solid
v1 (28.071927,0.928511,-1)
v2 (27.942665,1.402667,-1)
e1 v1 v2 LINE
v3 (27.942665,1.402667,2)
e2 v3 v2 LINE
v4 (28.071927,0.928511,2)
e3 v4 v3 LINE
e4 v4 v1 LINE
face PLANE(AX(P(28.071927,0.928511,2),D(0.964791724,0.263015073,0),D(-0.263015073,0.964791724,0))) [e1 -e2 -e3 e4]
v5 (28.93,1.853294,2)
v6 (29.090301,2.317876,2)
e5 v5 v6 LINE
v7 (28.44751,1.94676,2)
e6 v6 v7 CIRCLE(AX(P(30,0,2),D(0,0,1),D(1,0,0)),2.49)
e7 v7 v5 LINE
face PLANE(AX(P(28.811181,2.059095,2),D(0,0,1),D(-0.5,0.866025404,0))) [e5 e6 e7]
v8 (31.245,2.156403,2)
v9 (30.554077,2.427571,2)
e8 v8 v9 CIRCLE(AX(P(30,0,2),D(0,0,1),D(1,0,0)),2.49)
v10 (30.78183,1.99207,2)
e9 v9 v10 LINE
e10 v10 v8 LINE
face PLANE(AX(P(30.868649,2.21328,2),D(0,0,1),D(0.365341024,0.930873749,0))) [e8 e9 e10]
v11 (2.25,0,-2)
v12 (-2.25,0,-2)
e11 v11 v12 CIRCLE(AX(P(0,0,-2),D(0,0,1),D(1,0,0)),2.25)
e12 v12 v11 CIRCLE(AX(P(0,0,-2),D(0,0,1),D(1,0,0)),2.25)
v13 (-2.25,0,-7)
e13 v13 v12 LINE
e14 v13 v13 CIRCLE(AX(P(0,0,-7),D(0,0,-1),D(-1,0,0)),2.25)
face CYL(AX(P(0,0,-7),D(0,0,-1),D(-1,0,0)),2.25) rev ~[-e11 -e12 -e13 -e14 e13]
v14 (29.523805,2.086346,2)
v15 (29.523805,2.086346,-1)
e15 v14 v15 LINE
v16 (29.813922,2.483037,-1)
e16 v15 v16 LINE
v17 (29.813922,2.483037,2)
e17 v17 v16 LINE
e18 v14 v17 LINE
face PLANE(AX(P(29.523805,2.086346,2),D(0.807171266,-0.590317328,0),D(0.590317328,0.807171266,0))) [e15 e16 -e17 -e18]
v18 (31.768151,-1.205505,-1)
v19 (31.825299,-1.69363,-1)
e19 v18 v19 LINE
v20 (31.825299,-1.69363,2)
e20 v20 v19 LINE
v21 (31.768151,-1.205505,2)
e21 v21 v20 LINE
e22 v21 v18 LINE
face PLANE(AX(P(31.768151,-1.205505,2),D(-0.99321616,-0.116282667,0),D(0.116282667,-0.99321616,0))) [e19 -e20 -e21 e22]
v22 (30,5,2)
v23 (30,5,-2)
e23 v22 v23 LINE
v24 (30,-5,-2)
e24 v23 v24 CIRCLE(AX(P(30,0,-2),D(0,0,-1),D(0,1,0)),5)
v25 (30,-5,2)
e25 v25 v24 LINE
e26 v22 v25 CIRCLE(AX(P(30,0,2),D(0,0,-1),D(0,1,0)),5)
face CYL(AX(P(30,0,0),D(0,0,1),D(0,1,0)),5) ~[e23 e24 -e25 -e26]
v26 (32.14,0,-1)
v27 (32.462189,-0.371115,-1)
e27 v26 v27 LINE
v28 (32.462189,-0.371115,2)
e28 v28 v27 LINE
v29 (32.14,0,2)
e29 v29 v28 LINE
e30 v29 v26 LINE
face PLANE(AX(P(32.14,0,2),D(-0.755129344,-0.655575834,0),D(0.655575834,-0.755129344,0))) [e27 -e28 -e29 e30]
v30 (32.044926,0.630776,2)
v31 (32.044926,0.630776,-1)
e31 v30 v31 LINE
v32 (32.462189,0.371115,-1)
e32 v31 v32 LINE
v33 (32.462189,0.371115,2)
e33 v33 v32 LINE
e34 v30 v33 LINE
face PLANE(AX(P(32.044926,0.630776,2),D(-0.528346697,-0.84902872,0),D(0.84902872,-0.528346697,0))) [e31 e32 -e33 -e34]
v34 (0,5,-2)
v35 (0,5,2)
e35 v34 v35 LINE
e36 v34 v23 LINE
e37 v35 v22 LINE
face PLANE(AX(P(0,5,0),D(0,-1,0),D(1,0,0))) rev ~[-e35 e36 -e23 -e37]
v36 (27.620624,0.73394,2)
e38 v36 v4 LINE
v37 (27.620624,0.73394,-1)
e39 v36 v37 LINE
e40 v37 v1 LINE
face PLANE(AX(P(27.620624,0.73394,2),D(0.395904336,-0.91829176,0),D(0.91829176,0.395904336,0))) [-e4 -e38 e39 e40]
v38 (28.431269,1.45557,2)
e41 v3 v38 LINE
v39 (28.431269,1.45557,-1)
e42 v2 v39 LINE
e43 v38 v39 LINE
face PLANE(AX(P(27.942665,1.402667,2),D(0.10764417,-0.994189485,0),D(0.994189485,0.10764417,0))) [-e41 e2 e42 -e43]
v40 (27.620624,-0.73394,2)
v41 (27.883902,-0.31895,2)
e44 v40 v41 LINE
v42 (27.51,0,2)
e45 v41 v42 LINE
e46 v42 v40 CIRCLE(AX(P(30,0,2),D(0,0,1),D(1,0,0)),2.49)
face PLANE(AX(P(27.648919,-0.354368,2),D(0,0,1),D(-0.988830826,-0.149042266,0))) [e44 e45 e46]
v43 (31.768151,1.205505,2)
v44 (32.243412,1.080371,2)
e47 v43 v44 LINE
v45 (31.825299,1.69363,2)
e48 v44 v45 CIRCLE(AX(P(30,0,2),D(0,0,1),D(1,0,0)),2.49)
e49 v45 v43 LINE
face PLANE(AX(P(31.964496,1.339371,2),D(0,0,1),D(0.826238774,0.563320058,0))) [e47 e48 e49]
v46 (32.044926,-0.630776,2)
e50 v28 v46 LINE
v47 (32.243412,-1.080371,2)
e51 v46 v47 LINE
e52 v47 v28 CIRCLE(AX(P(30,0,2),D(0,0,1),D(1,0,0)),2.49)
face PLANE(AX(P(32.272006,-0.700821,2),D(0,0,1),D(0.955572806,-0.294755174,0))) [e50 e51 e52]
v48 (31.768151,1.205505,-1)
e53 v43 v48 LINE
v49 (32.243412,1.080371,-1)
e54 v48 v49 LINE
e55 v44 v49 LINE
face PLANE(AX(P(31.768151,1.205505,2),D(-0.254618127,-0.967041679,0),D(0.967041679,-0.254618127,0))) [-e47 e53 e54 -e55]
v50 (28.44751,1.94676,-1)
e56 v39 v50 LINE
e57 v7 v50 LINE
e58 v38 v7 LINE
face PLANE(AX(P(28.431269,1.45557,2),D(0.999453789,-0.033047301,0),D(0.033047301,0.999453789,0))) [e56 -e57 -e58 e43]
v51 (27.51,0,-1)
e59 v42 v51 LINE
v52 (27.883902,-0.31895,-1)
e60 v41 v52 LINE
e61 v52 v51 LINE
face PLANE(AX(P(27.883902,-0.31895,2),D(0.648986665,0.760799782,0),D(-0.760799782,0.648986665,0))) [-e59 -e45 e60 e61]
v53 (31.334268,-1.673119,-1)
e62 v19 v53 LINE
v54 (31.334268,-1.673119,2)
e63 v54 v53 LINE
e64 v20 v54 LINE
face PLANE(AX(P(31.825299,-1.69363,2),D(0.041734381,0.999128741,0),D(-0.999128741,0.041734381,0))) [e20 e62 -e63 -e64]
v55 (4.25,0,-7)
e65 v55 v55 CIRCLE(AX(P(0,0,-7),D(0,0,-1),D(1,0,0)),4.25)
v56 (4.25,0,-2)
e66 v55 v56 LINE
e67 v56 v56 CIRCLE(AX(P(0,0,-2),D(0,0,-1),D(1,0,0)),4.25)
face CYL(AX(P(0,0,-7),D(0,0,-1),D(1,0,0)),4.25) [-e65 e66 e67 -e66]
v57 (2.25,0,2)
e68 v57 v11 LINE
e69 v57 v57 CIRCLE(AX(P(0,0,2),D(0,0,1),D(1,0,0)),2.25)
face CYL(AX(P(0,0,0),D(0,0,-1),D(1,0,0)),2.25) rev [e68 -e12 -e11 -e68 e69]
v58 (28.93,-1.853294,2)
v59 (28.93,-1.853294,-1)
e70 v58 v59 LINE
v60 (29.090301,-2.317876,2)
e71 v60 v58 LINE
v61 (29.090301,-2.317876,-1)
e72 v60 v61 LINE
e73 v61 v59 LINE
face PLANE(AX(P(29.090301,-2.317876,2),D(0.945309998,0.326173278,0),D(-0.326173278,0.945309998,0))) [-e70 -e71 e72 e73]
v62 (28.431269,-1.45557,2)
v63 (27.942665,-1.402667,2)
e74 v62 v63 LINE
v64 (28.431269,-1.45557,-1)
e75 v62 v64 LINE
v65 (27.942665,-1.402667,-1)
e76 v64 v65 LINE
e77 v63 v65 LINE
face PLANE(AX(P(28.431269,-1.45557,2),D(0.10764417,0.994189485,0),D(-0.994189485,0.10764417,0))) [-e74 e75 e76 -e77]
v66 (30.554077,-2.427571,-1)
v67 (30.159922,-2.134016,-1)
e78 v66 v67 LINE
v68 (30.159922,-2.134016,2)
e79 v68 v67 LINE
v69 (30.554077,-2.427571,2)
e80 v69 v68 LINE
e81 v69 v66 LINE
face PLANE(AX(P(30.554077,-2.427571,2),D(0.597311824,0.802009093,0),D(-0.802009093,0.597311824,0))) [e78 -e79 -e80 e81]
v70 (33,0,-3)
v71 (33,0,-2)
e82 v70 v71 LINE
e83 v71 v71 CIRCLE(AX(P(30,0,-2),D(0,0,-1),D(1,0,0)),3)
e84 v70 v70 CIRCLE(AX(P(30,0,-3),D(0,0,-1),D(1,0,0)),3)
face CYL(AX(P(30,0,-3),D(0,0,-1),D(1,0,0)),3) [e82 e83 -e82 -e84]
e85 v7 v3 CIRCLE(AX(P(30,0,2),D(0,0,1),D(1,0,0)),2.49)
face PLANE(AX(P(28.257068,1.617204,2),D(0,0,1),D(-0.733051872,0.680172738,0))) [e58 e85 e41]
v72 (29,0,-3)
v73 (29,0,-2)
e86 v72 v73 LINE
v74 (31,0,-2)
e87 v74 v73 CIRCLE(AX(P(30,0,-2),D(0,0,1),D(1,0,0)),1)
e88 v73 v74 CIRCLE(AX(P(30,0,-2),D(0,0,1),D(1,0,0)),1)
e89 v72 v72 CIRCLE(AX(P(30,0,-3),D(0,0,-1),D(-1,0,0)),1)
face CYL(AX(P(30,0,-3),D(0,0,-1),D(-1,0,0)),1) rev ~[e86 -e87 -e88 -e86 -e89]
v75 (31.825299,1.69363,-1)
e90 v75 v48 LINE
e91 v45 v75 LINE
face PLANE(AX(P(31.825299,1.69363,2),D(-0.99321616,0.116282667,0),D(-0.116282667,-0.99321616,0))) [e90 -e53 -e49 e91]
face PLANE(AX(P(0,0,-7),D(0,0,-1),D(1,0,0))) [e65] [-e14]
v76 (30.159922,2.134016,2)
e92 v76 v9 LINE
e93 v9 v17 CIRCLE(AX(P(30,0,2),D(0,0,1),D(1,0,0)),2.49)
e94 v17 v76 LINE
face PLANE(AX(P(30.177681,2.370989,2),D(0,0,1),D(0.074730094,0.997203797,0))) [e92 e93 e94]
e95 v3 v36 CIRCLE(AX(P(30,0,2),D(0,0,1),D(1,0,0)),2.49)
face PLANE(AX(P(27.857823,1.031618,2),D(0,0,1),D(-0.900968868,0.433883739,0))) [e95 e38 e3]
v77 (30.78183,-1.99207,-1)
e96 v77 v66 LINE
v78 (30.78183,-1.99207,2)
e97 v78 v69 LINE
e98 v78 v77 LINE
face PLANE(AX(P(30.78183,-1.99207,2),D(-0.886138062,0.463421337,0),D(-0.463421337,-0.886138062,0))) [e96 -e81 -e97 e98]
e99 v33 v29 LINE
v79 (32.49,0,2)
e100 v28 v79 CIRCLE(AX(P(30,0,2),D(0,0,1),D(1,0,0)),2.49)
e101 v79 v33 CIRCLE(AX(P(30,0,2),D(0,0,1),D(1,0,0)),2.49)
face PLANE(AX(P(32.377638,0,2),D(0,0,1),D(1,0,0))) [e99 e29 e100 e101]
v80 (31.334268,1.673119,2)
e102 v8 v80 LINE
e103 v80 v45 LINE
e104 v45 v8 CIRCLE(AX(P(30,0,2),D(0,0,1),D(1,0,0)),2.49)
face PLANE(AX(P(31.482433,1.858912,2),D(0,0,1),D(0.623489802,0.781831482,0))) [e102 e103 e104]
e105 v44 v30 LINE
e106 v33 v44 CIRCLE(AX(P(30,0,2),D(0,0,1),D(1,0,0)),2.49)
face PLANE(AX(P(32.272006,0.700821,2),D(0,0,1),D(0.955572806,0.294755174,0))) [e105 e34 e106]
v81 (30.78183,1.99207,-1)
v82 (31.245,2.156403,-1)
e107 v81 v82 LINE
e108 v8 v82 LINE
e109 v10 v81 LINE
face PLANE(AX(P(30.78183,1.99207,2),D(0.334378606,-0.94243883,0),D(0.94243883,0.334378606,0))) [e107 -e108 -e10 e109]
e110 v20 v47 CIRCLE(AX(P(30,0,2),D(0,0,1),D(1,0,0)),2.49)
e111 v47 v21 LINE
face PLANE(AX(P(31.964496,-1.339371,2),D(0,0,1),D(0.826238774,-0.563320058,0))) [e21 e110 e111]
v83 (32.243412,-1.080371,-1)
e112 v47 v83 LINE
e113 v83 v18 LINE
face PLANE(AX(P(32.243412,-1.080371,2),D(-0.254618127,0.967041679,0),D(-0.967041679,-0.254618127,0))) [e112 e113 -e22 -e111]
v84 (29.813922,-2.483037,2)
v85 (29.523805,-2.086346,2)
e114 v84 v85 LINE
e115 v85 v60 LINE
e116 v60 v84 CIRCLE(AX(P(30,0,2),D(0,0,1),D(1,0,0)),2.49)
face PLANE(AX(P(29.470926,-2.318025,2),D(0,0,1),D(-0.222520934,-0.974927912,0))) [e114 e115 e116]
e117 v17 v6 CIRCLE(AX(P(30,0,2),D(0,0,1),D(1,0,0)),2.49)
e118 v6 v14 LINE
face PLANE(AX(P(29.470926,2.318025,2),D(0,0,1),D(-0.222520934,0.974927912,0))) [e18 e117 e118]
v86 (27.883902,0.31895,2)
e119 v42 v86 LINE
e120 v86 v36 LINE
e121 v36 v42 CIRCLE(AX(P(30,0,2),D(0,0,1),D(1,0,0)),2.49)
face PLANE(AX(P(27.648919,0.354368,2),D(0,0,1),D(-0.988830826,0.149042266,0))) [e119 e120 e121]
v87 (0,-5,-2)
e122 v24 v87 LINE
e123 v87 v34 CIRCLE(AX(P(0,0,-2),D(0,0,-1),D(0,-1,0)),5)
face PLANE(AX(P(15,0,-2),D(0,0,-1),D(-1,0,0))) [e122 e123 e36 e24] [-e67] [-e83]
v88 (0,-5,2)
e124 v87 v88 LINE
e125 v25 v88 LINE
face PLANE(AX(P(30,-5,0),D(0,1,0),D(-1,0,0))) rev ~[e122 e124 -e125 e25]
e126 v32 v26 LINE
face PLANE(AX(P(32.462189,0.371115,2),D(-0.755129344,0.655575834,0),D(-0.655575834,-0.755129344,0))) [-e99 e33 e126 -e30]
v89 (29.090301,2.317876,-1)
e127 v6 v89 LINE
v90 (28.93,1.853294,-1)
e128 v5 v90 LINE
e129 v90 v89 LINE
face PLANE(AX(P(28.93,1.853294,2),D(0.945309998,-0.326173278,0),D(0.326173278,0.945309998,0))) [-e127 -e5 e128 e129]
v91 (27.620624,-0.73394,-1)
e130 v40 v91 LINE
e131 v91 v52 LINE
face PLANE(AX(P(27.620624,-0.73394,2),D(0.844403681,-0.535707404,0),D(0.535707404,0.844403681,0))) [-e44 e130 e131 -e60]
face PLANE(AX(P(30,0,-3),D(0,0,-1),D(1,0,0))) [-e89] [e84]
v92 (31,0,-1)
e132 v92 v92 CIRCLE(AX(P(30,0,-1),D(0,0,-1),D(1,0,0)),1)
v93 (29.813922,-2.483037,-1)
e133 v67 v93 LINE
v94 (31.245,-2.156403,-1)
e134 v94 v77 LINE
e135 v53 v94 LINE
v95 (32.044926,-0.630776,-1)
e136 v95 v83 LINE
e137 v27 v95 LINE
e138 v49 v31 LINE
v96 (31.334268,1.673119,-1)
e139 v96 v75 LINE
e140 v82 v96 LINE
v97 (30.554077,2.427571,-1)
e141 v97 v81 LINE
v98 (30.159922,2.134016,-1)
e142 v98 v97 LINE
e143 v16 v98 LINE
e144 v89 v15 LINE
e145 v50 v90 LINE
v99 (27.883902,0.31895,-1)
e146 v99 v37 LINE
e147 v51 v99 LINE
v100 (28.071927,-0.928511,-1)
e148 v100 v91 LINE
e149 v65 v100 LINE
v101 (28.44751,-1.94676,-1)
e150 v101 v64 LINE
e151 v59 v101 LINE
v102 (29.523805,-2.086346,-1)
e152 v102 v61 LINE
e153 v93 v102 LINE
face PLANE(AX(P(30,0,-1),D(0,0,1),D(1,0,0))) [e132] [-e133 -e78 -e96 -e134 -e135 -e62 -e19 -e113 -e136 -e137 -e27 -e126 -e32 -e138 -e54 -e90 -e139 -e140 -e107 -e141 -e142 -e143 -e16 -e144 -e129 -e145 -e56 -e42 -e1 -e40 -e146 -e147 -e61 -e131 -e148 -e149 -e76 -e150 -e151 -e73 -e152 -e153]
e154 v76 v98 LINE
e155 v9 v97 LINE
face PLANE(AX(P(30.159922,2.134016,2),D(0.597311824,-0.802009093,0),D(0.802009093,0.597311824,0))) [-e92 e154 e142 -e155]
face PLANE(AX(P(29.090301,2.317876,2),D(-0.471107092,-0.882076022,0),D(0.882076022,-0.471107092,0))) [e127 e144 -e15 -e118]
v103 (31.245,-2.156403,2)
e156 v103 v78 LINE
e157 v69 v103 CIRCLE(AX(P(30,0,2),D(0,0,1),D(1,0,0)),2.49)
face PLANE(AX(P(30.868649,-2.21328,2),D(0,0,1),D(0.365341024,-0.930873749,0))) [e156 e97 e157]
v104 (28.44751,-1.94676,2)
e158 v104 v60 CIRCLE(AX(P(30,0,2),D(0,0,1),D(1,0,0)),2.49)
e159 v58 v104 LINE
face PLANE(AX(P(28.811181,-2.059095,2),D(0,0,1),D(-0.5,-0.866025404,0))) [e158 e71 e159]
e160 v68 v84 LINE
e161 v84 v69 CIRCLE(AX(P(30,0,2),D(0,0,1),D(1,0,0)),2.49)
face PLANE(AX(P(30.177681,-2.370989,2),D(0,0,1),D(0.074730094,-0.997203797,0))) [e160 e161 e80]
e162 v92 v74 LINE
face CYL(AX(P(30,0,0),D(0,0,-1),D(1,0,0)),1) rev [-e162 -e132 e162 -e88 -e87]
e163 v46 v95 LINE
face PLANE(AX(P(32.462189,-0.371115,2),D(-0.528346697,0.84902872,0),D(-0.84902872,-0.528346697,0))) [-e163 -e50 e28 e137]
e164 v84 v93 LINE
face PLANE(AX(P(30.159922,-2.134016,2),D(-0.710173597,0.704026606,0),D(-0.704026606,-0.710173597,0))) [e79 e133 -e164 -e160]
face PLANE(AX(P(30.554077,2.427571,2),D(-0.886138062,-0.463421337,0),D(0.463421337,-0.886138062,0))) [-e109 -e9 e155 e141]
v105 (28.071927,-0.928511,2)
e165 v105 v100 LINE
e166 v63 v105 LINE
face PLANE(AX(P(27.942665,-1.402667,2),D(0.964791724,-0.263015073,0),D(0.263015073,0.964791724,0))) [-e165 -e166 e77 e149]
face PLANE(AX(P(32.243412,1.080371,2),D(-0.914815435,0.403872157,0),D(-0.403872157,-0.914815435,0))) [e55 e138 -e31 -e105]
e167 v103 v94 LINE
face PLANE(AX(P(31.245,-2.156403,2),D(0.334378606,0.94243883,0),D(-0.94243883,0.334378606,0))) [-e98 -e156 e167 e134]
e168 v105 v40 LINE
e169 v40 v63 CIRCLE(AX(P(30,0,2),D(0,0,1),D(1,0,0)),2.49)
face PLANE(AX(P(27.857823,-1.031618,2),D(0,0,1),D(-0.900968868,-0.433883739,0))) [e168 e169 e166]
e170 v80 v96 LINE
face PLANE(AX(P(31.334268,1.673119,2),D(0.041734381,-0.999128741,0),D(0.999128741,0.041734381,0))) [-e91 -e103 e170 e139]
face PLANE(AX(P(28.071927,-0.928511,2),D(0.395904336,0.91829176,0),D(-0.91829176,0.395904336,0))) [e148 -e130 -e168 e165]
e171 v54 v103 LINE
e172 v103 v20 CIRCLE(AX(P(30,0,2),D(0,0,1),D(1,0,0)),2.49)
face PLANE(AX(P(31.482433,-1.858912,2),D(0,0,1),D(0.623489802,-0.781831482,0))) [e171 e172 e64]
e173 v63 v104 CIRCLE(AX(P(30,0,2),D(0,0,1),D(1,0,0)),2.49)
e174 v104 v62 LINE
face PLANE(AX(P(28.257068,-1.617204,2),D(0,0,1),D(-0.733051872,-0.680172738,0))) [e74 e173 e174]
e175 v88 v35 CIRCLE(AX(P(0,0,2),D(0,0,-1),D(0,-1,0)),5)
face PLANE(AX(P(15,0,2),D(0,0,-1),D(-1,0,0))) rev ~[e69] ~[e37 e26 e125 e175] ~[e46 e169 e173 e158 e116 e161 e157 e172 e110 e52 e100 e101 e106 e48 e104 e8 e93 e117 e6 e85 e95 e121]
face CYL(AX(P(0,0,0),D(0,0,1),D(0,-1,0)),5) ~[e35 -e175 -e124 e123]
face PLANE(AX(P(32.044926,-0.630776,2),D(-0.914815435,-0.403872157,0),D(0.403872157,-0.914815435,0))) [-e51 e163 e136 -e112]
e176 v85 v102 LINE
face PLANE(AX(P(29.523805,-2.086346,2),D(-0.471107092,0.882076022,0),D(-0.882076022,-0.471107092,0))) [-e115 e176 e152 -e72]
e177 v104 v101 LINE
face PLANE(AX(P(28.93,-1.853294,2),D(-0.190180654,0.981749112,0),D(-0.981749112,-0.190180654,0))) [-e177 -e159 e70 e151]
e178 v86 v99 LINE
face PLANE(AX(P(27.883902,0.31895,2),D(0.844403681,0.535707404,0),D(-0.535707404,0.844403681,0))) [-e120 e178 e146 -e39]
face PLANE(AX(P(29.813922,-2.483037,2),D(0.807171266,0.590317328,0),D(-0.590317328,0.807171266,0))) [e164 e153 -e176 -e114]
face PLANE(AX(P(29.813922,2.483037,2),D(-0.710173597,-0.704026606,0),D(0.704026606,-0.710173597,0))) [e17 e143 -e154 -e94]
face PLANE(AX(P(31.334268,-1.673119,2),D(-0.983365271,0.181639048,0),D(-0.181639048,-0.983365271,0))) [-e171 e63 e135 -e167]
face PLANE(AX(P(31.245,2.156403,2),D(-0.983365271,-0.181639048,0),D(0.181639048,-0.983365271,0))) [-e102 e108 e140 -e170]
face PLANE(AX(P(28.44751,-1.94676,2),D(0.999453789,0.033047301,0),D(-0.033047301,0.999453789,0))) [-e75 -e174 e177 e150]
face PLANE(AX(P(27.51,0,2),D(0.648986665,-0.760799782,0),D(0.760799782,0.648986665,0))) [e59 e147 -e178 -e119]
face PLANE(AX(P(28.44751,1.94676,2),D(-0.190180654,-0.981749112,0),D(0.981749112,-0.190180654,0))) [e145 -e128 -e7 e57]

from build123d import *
from build123d.topology import SkipClean

# Parameters (mm, degrees)
SKETCH1_R           = 2.25
SKETCH1_R_2         = 1
BOSS_EXTRUDE1_DEPTH = 2
SKETCH2_R           = 2.49
CUT_EXTRUDE1_DEPTH  = 3
BOSS_EXTRUDE2_START = 1
SKETCH3_R           = 3
SKETCH3_R_2         = 1
BOSS_EXTRUDE2_DEPTH = 1
BOSS_EXTRUDE3_START = 5
SKETCH4_R           = 4.25
SKETCH4_R_2         = 2.25
BOSS_EXTRUDE3_DEPTH = 5
BOSS_EXTRUDE4_DEPTH = 3.2
CIRPATTERN2_COUNT   = 21


with BuildPart() as part:
    # Sketch1 → Boss-Extrude1 (new, symmetric)
    with BuildSketch(Plane.XY):
        with BuildLine():
            Line((0, 5), (30, 5))
            ThreePointArc((30, 5), (35, 0), (30, -5))
            Line((30, -5), (0, -5))
            ThreePointArc((0, -5), (-5, 0), (0, 5))
        make_face()
        Circle(SKETCH1_R, mode=Mode.SUBTRACT)
        with Locations((30, 0)):
            Circle(SKETCH1_R_2, mode=Mode.SUBTRACT)
    extrude(amount=BOSS_EXTRUDE1_DEPTH, both=True)

    # Sketch2 → Cut-Extrude1 (cut)
    with BuildSketch(Plane.XY.offset(2)):
        with Locations((30, 0)):
            Circle(SKETCH2_R)
    extrude(amount=-CUT_EXTRUDE1_DEPTH, mode=Mode.SUBTRACT)

    # Sketch3 → Boss-Extrude2 (add)
    with BuildSketch(Plane(origin=(0, 0, -2), x_dir=(-1, 0, 0), z_dir=(0, 0, -1)).offset(BOSS_EXTRUDE2_START)):
        with Locations(Location((-30, 0, 0), (0, 0, 180))):
            Circle(SKETCH3_R)
        with Locations((-30, 0)):
            Circle(SKETCH3_R_2, mode=Mode.SUBTRACT)
    extrude(amount=-BOSS_EXTRUDE2_DEPTH)

    # Sketch4 → Boss-Extrude3 (add)
    with SkipClean():  # the faces are left unmerged after this step: merging them gives an invalid solid
        with BuildSketch(Plane(origin=(0, 0, -2), x_dir=(-1, 0, 0), z_dir=(0, 0, -1)).offset(BOSS_EXTRUDE3_START)):
            with Locations(Location((0, 0, 0), (0, 0, 180))):
                Circle(SKETCH4_R)
            Circle(SKETCH4_R_2, mode=Mode.SUBTRACT)
        extrude(amount=-BOSS_EXTRUDE3_DEPTH)

    # Sketch5 → Boss-Extrude4 (add)
    with SkipClean():  # the faces are left unmerged after this step: merging them gives an invalid solid
        with BuildSketch(Plane.XY.offset(2)):
            with BuildLine():
                Line((32.462188757, 0.371115243), (32.14, 0))
                Line((32.14, 0), (32.462188757, -0.371115243))
                ThreePointArc((32.462188757, -0.371115243), (32.49, 0), (32.462188757, 0.371115243))
            make_face()
        boss_extrude4 = extrude(amount=-BOSS_EXTRUDE4_DEPTH)

    # CirPattern2: Boss-Extrude4 ×21 about axis
    with SkipClean():  # the faces are left unmerged after this step: merging them gives an invalid solid
        cirpattern2_axis = Axis((30, 0, 0), (0, 0, 1))
        for i in range(1, CIRPATTERN2_COUNT):
            add(boss_extrude4.rotate(cirpattern2_axis, i * 360 / CIRPATTERN2_COUNT))


solid = part.part
